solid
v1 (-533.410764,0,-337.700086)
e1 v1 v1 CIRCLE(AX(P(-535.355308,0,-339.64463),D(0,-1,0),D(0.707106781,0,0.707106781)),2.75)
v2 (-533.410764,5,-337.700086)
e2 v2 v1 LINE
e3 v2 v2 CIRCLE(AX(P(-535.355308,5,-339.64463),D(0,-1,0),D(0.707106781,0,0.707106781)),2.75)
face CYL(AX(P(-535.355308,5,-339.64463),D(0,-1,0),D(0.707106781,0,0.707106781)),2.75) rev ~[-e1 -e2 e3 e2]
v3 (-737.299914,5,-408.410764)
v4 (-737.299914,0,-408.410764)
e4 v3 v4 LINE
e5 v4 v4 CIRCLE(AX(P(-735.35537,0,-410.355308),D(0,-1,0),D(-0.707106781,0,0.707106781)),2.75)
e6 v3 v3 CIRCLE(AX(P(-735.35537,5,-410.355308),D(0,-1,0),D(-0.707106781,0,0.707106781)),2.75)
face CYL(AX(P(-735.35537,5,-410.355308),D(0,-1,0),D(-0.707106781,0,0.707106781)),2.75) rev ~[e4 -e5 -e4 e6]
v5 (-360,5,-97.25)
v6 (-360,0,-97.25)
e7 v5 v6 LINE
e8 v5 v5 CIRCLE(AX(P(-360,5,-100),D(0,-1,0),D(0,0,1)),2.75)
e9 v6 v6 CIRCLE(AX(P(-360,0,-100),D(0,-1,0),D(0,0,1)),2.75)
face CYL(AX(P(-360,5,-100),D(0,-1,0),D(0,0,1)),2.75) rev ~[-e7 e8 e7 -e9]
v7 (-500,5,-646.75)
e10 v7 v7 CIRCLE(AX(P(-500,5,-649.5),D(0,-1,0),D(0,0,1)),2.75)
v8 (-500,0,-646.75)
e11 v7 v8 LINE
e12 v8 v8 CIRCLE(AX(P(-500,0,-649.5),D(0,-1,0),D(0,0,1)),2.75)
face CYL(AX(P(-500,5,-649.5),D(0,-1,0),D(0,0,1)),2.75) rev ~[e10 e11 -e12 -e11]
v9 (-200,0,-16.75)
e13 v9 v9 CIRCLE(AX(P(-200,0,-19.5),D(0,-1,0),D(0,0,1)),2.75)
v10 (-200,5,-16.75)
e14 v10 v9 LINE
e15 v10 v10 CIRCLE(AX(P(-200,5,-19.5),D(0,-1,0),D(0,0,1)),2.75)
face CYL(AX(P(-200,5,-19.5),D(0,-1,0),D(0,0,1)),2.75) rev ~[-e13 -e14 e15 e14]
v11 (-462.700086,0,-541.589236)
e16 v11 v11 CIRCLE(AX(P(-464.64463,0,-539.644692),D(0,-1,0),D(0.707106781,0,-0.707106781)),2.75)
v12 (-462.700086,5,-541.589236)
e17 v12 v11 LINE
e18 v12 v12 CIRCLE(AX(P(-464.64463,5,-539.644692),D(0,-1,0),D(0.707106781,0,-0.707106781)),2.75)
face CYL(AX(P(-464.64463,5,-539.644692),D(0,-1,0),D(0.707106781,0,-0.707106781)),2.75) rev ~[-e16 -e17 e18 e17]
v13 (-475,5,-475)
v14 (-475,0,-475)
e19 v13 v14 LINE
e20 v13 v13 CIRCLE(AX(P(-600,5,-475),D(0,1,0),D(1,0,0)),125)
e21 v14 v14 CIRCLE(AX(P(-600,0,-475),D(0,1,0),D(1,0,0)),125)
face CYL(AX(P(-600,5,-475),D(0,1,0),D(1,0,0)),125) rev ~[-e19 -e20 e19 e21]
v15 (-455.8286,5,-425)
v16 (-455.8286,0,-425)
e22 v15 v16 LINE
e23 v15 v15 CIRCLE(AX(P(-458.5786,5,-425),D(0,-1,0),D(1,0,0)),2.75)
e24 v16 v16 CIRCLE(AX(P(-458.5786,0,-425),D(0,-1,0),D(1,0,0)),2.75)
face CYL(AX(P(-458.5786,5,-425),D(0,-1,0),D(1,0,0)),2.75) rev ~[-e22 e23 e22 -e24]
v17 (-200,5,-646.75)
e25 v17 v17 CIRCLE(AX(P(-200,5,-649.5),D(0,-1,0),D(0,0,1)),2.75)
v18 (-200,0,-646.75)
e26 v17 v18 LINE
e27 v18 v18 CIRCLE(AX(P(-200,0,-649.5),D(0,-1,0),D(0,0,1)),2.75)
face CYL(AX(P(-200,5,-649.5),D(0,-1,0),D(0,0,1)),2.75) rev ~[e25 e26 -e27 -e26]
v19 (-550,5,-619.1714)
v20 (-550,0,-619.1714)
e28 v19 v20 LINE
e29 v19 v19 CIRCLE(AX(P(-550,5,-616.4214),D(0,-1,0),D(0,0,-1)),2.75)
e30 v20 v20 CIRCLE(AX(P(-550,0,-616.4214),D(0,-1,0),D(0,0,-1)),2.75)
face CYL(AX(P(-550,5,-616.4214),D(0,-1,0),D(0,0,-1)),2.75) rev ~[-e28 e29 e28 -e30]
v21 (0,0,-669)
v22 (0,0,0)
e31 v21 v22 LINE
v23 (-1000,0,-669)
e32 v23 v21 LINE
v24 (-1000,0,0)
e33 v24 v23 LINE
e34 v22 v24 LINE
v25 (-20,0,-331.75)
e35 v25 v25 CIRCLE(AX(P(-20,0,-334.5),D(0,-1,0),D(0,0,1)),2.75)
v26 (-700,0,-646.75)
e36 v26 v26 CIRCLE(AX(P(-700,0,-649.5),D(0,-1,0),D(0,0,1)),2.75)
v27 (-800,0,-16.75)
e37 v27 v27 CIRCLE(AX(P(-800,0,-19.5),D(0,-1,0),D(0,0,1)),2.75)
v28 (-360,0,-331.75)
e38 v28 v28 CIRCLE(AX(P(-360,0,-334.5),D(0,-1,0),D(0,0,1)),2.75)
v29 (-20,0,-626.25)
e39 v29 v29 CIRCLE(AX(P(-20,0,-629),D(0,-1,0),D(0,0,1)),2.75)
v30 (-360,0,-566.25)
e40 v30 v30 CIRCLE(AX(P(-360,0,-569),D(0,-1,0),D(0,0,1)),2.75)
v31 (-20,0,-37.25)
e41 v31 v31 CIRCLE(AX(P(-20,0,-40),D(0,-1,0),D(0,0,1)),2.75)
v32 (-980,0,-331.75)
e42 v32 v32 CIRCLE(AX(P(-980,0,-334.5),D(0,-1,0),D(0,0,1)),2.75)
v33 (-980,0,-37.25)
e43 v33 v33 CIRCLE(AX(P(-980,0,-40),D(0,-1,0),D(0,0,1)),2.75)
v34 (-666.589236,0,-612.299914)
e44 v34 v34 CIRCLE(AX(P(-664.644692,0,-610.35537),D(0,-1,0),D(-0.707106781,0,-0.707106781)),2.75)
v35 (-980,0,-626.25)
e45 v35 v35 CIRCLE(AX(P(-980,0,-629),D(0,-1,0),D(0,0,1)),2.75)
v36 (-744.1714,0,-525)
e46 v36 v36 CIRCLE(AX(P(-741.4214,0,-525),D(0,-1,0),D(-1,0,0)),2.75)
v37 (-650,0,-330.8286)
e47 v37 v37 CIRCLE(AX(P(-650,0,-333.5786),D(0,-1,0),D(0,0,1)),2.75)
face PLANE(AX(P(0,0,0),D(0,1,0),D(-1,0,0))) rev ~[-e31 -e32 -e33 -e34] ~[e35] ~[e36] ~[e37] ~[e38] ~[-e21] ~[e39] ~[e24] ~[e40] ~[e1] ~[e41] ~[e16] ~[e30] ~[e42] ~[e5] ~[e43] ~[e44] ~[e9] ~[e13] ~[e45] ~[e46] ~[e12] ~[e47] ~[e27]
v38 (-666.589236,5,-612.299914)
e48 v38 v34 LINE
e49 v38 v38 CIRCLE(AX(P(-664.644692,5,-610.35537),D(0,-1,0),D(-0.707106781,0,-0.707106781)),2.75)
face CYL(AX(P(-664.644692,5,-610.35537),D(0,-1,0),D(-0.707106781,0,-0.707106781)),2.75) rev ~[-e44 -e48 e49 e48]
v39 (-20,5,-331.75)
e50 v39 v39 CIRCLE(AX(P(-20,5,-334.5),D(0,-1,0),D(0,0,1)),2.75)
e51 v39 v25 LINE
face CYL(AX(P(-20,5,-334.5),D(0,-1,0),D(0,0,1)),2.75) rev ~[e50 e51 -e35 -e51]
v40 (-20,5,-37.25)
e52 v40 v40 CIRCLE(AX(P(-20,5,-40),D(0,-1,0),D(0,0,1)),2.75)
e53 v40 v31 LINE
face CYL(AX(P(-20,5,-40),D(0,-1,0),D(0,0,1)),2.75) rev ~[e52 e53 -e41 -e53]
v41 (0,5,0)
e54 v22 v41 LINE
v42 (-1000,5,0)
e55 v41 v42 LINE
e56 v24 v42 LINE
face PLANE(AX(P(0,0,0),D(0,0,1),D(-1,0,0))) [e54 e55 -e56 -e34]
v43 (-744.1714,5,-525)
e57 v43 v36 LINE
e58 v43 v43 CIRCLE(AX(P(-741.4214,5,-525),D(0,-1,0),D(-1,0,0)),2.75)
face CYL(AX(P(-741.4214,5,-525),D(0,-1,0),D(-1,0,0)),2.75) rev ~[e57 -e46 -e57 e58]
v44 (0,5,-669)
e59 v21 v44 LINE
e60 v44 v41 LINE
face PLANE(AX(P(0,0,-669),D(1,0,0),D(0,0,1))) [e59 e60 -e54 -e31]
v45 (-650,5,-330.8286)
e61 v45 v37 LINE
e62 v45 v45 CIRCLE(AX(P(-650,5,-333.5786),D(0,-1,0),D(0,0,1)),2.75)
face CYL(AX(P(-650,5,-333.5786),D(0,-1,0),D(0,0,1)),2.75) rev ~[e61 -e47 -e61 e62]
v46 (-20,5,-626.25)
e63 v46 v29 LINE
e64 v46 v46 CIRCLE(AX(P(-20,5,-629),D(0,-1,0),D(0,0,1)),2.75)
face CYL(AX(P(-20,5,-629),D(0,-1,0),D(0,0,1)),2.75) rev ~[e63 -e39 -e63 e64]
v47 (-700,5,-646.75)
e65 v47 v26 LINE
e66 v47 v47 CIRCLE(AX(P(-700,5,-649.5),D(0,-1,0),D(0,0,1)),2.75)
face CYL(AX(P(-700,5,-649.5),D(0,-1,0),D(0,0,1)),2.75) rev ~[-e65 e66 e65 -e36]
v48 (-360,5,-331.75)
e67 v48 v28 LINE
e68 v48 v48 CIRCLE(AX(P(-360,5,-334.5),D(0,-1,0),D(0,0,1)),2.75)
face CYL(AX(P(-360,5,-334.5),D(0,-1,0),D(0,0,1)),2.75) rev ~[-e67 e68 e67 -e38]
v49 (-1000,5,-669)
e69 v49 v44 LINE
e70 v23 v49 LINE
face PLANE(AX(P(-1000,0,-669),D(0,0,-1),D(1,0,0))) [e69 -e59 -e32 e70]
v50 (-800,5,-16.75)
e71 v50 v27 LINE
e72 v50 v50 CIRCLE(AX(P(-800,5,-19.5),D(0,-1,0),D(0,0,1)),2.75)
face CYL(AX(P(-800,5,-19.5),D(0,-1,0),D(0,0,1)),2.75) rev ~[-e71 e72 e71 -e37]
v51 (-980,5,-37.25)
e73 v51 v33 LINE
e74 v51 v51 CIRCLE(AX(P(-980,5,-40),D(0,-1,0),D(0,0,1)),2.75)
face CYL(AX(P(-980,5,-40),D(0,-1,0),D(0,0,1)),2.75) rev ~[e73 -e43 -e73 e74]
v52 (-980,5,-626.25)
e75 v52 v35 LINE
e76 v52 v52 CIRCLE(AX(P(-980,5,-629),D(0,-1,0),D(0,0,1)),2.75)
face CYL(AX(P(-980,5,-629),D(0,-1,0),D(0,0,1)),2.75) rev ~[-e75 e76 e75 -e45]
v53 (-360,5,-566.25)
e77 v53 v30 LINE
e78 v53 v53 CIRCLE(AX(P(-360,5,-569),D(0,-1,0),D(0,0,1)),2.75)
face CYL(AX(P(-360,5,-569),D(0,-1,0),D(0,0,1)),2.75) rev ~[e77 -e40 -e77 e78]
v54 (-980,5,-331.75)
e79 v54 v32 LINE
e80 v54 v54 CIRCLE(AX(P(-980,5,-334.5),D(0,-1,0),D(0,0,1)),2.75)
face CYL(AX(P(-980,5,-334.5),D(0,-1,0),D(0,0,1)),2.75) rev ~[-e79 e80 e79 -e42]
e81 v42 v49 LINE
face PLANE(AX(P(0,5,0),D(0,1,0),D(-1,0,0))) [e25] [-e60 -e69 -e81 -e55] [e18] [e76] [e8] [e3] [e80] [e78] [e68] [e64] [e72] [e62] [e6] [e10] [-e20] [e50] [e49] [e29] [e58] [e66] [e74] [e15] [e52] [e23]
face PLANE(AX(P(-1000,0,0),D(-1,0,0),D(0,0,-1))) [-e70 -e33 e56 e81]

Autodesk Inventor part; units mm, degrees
ref_plane "YZ Plane" through (0, 0, 0) normal (1, 0, 0) x (0, 1, 0)
ref_plane "XZ Plane" through (0, 0, 0) normal (0, 1, 0) x (-1, 0, 0)
ref_plane "XY Plane" through (0, 0, 0) normal (0, 0, 1) x (1, 0, 0)
sketch "Sketch1" plane through (0, 0, 0) normal (0, 1, 0) x (-1, 0, 0)
  line L0 (0, 0) -> (1000, 0)
  line L1 (1000, 0) -> (1000, -669)
  line L2 (1000, -669) -> (0, -669)
  line L3 (0, -669) -> (0, 0)
  dimension "d0" = 1000
  dimension "d1" = 669
extrude "Extrusion1" add sketch "Sketch1" along normal blind 5
sketch "Sketch2" plane through (0, 5, 0) normal (0, 1, 0) x (1, 0, 0)
  circle A0 centre (-600, 475) radius 125
  line L0 (-1000, 0) -> (0, 0) projected
  line L1 (0, 0) -> (0, 669) projected
  dimension "d4" = 250
  dimension "d5" = 475
  dimension "d6" = 600
extrude "Extrusion2" cut sketch "Sketch2" against normal through all
sketch "Sketch3" plane through (0, 5, 0) normal (0, 1, 0) x (1, 0, 0)
  line L0 (0, 0) -> (0, 669) projected
  line L1 (-1000, 0) -> (0, 0) projected
  line L2 (0, 669) -> (-1000, 669) projected
  line L3 (-1000, 669) -> (-1000, 0) projected
  point P0 (-20, 40)
  point P1 (-20, 334.5)
  point P2 (-20, 629)
  point P3 (-980, 40)
  point P4 (-980, 334.5)
  point P5 (-980, 629)
  dimension "d9" = 20
  dimension "d11" = 40
  dimension "d12" = 334.5
  dimension "d13" = 20
  dimension "d14" = 40
  dimension "d15" = 20
  dimension "d16" = 40
  dimension "d17" = 20
  dimension "d18" = 334.5
  dimension "d19" = 20
  dimension "d20" = 20
  dimension "d21" = 40
hole "Hole1" at (-20, 5, -40) at (-20, 5, -334.5) at (-20, 5, -629) at (-980, 5, -40) at (-980, 5, -334.5) at (-980, 5, -629) direction (0, -1, 0) diameter 5.5 end through all
sketch "Sketch5" plane through (0, 5, 0) normal (0, 1, 0) x (1, 0, 0)
  point P0 (0, 0)
sketch "Sketch6" plane through (0, 5, 0) normal (0, 1, 0) x (1, 0, 0)
  line L0 (-1000, 0) -> (0, 0) projected
  line L1 (0, 0) -> (0, 669) projected
  circle A0 centre (-600, 475) radius 125 projected
  point P0 (-650, 333.5786)
  dimension "d48" = 650
  dimension "d49" = 150
hole "Hole3" at (-650, 5, -333.5786) direction (0, -1, 0) diameter 5.5 end through all
pattern_circular "Circular Pattern1" count 8 over 360 about axis through (-600, 5, -475) along (0, -1, 0) of "Hole3"
sketch "Sketch7" plane through (0, 5, 0) normal (0, 1, 0) x (1, 0, 0)
  line L0 (-1000, 0) -> (0, 0) projected
  line L1 (0, 0) -> (0, 669) projected
  line L2 (0, 669) -> (-1000, 669) projected
  point P0 (-800, 19.5)
  point P1 (-700, 649.5)
  dimension "d54" = 19.5
  dimension "d55" = 700
  dimension "d56" = 800
  dimension "d68" = 19.5
hole "Hole4" at (-700, 5, -649.5) at (-800, 5, -19.5) direction (0, -1, 0) diameter 5.5 end through all
sketch "Sketch8" plane through (0, 5, 0) normal (0, 1, 0) x (1, 0, 0)
  line L0 (-1000, 0) -> (0, 0) projected
  line L1 (0, 0) -> (0, 669) projected
  line L2 (0, 669) -> (-1000, 669) projected
  point P0 (-200, 19.5)
  point P1 (-200, 649.5)
  dimension "d80" = 19.5
  dimension "d81" = 200
  dimension "d82" = 200
  dimension "d83" = 19.5
hole "Hole5" at (-200, 5, -19.5) at (-200, 5, -649.5) direction (0, -1, 0) diameter 5.5 end through all
sketch "Sketch9" plane through (0, 5, 0) normal (0, 1, 0) x (1, 0, 0)
  line L0 (0, 0) -> (0, 669) projected
  line L1 (0, 669) -> (-1000, 669) projected
  point P0 (-500, 649.5)
  dimension "d84" = 500
  dimension "d85" = 19.5
hole "Hole6" at (-500, 5, -649.5) direction (0, -1, 0) diameter 5.5 end through all
sketch "Sketch10" plane through (0, 5, 0) normal (0, 1, 0) x (1, 0, 0)
  line L0 (-1000, 0) -> (0, 0) projected
  line L1 (0, 669) -> (-1000, 669) projected
  line L2 (0, 0) -> (0, 669) projected
  point P0 (-360, 100)
  point P1 (-360, 569)
  point P2 (-360, 334.5)
  dimension "d93" = 100
  dimension "d94" = 334.5
  dimension "d95" = 100
  dimension "d103" = 360
  dimension "d104" = 360
  dimension "d105" = 360
hole "Hole7" at (-360, 5, -100) at (-360, 5, -334.5) at (-360, 5, -569) direction (0, -1, 0) diameter 5.5 end through all
equation "\"d13\" = d9"
equation "\"d14\" = d11"
equation "\"d15\" = d9"
equation "\"d16\" = d11"
equation "\"d17\" = d9"
equation "\"d18\" = d12"
equation "\"d19\" = d9"
equation "\"d20\" = d9"
equation "\"d21\" = d11"
equation "\"d68\" = d54"
equation "\"d82\" = d81"
equation "\"d83\" = d80"
equation "\"d104\" = d103"
equation "\"d105\" = d103"
properties part number "RearPanel"
